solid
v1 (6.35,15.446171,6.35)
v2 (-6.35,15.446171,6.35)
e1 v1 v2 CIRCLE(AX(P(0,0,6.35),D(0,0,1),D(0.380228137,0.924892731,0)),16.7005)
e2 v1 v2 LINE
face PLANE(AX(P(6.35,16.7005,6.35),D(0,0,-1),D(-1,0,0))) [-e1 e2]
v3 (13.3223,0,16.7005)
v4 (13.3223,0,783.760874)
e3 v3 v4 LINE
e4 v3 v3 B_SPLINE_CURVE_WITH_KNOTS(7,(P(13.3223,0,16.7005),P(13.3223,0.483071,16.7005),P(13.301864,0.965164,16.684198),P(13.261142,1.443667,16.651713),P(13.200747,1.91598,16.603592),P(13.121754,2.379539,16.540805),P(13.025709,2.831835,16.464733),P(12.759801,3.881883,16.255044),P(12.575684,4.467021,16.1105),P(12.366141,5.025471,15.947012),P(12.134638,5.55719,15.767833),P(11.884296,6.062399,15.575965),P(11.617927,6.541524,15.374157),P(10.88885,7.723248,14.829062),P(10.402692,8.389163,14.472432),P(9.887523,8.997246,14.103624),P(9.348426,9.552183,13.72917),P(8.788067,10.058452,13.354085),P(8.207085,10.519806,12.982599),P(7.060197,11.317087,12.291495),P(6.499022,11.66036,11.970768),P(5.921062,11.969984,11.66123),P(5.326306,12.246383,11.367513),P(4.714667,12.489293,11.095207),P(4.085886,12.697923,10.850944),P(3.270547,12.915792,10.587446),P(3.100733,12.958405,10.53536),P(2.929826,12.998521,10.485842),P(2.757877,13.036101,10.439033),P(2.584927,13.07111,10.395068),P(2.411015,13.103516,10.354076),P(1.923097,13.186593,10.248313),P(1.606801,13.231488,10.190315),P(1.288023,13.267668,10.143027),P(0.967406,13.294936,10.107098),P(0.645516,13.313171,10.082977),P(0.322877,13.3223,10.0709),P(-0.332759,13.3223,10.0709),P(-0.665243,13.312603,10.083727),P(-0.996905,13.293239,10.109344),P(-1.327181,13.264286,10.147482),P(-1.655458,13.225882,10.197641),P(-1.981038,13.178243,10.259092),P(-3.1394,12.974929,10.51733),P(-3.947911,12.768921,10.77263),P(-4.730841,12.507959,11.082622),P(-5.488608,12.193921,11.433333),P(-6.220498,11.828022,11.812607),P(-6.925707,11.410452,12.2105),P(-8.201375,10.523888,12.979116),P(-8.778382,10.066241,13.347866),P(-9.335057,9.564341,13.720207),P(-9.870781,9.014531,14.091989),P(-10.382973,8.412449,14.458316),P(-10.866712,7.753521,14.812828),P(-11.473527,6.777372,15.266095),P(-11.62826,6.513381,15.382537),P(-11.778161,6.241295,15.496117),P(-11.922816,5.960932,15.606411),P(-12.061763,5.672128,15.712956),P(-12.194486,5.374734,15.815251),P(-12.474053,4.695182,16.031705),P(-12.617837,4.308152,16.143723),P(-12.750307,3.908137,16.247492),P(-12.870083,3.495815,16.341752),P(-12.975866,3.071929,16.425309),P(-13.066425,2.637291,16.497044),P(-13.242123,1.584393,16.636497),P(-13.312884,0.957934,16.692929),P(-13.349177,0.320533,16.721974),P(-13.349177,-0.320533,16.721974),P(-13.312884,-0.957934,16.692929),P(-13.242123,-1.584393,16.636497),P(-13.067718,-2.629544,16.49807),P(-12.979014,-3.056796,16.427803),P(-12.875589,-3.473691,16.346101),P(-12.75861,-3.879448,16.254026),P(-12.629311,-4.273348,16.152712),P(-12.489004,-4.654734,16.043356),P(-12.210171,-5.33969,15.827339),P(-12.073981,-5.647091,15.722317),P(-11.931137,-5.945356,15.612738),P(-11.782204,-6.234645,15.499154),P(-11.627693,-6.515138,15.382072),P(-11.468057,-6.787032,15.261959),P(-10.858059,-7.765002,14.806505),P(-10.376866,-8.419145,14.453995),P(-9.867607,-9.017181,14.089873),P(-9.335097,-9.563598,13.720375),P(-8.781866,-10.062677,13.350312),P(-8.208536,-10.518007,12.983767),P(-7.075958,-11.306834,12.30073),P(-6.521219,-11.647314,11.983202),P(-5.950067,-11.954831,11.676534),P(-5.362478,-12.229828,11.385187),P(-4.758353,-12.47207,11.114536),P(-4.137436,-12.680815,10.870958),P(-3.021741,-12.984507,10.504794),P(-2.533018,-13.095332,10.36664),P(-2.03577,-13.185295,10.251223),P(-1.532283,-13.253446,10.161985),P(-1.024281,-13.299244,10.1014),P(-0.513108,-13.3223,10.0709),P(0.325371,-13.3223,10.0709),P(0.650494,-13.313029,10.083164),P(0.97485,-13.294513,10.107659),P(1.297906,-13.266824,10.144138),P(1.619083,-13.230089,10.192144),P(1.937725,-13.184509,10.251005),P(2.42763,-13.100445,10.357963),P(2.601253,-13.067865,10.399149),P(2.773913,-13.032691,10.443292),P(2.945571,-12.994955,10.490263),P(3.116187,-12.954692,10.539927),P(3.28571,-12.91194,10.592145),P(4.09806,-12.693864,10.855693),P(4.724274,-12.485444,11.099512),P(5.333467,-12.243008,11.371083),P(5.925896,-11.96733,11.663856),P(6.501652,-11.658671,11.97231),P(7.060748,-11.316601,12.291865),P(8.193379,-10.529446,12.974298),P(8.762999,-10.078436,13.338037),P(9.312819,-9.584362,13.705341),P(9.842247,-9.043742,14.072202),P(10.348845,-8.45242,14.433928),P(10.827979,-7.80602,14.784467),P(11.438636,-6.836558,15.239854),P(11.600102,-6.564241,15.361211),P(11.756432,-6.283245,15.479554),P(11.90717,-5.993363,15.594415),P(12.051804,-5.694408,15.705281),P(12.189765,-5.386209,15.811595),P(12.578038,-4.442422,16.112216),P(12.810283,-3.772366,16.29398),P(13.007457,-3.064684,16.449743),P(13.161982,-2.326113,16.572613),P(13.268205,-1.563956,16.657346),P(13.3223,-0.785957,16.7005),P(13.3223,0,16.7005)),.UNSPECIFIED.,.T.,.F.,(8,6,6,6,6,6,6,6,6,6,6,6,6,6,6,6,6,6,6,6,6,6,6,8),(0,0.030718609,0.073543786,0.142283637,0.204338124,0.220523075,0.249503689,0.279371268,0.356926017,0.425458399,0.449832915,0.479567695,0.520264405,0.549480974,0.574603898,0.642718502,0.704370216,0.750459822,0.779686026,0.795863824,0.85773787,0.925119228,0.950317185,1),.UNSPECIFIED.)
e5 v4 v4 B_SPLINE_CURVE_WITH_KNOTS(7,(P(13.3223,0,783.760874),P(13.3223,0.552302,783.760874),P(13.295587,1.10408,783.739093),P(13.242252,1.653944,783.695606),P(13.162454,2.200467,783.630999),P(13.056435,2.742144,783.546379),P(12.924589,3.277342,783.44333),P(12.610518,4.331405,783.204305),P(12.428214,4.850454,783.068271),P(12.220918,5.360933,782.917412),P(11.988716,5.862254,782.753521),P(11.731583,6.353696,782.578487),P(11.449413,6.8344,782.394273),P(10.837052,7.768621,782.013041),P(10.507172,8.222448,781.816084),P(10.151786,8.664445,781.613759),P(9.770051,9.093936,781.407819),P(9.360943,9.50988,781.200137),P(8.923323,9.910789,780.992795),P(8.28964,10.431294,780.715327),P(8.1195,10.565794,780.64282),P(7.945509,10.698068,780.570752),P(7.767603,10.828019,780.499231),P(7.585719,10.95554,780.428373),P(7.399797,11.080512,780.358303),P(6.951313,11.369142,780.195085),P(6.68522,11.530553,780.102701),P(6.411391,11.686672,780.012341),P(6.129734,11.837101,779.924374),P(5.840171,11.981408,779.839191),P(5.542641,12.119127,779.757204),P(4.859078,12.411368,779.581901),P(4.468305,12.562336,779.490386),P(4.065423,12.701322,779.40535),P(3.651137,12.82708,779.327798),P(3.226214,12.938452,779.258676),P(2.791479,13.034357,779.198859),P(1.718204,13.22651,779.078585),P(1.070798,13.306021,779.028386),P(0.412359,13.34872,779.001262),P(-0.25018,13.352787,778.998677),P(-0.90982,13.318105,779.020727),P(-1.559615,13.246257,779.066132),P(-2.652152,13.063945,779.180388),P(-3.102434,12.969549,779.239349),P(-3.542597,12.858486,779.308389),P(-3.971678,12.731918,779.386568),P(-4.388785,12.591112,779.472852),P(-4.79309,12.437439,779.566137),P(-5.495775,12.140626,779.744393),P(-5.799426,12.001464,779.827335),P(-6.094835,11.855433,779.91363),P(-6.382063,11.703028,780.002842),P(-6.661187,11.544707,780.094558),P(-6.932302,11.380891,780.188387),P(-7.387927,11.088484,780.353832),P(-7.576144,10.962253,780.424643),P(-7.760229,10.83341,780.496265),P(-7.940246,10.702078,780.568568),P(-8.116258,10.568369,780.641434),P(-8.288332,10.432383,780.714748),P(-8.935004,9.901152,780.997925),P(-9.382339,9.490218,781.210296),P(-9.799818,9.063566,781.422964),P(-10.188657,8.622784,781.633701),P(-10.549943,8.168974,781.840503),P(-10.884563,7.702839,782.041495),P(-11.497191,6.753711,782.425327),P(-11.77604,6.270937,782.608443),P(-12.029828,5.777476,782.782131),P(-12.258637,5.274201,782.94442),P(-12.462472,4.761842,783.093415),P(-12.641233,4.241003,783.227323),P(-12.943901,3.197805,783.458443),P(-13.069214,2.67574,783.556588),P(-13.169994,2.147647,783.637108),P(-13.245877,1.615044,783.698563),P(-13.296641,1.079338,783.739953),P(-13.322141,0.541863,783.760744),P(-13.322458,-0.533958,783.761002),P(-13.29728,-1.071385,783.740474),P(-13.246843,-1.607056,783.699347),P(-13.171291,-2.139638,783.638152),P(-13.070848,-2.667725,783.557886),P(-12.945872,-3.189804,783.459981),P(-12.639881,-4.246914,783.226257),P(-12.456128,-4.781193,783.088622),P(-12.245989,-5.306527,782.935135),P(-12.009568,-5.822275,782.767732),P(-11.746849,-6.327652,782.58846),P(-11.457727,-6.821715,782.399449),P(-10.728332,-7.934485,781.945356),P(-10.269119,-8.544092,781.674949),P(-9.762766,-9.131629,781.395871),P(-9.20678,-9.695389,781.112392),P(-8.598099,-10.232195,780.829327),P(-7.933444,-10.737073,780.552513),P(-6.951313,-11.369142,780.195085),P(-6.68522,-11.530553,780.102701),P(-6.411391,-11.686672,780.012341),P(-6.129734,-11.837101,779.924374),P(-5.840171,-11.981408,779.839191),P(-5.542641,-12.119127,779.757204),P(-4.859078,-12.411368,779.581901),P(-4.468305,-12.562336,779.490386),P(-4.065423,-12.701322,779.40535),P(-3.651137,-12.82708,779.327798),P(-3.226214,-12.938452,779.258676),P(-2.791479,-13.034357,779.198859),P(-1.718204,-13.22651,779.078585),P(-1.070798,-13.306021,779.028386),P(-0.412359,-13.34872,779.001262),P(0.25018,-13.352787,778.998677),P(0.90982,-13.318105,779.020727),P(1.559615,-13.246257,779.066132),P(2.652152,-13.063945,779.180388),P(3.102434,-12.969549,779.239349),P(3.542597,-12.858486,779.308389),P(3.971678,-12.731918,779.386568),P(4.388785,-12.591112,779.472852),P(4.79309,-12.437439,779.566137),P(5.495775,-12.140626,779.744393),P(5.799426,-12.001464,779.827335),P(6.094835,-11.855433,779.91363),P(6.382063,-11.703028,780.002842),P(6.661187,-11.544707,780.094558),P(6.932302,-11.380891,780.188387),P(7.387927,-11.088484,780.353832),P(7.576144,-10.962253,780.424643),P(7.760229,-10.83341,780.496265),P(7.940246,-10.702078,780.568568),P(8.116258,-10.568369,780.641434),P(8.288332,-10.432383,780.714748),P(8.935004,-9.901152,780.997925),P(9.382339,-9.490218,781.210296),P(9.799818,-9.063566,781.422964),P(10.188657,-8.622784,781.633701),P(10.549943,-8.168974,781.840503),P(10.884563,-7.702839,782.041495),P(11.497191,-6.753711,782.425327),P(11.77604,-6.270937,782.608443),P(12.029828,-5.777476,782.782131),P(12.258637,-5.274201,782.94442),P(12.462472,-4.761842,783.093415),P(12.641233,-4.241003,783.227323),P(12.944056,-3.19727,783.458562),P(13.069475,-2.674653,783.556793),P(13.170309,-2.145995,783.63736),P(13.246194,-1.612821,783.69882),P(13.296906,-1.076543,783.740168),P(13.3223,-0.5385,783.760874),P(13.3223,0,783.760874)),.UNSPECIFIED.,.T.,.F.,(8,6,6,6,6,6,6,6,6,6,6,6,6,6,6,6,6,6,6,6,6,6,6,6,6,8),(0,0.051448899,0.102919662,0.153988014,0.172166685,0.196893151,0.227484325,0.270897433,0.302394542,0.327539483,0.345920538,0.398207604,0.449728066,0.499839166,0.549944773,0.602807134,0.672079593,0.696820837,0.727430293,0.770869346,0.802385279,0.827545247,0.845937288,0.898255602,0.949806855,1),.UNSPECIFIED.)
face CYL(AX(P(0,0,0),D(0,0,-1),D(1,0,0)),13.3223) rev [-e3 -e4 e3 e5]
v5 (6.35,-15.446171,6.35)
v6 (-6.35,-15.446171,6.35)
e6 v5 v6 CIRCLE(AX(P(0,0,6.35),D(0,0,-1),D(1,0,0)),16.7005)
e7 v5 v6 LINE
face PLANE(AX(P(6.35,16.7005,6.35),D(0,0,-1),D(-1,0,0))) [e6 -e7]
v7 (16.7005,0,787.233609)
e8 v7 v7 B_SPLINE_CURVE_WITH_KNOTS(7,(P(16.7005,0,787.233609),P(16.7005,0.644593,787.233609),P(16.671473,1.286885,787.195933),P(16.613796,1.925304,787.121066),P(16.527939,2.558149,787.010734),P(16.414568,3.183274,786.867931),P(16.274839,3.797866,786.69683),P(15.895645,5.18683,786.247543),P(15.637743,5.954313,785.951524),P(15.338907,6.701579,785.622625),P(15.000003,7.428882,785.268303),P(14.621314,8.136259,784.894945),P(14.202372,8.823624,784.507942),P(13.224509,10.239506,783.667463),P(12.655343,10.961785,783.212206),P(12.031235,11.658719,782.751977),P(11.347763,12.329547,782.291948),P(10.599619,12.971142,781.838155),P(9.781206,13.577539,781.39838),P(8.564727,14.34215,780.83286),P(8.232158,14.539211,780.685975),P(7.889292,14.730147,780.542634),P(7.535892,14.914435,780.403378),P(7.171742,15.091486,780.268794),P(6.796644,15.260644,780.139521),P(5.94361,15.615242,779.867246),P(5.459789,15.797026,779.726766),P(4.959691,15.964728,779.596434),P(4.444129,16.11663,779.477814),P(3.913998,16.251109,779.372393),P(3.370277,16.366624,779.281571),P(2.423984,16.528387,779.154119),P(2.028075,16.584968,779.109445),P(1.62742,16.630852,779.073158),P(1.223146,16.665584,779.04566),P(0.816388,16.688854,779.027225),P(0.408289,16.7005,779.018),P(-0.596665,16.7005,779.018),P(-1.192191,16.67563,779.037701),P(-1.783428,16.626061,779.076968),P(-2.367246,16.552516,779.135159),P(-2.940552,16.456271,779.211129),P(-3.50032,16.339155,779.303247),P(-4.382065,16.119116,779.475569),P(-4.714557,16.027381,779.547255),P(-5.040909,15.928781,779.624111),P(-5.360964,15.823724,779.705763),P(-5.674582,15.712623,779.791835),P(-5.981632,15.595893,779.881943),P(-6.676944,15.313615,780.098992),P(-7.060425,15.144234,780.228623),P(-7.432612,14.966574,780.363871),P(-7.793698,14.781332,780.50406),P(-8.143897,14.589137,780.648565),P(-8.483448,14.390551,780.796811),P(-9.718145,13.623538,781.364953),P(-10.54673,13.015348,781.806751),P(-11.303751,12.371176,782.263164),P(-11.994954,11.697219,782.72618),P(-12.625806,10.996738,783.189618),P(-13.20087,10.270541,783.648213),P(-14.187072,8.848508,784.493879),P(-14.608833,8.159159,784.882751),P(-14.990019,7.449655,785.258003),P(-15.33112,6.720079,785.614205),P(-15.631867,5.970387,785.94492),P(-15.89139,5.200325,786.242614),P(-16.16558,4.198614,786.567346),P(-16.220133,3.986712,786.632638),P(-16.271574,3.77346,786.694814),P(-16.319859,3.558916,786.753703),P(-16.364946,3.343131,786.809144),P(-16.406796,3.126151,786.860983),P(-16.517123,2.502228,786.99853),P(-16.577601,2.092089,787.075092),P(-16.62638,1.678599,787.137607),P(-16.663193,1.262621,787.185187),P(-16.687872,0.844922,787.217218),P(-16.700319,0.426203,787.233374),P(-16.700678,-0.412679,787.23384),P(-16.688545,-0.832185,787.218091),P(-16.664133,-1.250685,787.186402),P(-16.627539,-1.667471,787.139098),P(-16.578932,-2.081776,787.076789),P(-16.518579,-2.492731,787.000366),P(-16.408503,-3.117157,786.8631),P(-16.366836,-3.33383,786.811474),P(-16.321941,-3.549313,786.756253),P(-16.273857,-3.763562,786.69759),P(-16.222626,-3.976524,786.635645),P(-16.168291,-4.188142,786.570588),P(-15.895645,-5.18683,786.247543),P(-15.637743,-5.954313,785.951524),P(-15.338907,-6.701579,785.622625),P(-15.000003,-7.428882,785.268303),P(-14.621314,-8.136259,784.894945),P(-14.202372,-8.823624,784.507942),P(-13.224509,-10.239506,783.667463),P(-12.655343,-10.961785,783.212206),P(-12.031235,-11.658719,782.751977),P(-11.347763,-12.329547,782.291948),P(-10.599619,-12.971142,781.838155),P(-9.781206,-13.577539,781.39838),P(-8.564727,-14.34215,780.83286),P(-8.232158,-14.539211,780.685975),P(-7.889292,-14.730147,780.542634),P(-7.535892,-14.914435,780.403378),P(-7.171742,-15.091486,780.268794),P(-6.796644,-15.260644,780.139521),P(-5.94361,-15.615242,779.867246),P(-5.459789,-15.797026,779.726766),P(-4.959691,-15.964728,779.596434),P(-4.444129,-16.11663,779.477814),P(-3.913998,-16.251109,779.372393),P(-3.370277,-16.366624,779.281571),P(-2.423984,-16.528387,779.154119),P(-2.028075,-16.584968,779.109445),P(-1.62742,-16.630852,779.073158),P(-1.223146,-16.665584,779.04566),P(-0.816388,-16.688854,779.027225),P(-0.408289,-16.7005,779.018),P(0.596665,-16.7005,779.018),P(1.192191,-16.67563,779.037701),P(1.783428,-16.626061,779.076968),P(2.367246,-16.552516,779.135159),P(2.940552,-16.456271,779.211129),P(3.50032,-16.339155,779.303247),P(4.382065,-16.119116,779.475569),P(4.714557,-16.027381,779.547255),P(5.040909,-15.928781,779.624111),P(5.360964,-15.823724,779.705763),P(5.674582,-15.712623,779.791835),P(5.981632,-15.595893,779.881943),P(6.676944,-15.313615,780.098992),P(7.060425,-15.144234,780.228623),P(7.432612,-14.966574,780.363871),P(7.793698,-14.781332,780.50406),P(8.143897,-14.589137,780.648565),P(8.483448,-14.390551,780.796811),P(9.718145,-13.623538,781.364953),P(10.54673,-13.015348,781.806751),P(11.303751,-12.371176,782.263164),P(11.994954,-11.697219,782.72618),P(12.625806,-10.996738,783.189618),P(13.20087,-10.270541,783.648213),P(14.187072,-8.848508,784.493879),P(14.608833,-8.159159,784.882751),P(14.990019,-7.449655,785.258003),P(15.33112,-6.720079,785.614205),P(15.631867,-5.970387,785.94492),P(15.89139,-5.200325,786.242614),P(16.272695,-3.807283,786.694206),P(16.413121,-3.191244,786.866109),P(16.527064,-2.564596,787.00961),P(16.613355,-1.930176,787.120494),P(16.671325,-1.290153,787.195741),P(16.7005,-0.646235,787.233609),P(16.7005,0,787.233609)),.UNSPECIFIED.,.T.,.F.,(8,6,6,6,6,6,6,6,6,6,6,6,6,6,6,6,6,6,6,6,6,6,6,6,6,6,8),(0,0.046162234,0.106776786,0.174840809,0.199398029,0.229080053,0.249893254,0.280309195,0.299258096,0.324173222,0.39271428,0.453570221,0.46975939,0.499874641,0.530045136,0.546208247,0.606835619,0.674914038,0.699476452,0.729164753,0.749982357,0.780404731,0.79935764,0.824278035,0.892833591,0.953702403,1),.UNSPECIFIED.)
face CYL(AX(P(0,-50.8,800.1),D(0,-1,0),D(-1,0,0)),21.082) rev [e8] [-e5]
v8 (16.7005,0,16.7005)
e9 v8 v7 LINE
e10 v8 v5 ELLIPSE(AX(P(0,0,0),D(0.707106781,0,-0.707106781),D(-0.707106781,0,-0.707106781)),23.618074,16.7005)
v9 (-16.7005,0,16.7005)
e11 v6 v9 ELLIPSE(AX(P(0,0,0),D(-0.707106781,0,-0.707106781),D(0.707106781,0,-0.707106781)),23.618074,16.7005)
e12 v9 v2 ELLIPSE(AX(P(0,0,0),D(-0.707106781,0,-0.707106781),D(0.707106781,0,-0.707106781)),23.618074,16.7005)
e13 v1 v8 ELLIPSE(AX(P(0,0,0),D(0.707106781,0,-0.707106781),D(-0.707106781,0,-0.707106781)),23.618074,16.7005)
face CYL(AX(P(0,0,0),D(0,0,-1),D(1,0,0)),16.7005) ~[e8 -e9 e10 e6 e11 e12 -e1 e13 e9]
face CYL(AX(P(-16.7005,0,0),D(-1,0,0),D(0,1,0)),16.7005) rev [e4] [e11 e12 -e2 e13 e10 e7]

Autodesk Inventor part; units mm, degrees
ref_plane "Start plane" through (0, 0, 0) normal (0, 0, 1) x (1, 0, 0)
ref_plane "End plane" through (0, 0, 800.1) normal (0, 0, 1) x (1, 0, 0)
sketch "Sketch" plane through (0, 0, 0) normal (0, 0, 1) x (1, 0, 0)
  circle A0 centre (0, 0) radius 13.3223
  circle A1 centre (0, 0) radius 16.7005
  dimension "d0" = 33.401
  dimension "d1" = 3.3782
extrude "Body" add sketch "Sketch" along normal up to surface (800.1 mm away) from surface at 0
sketch "Sketch3" plane through (0, 0, 0) normal (0, 0, 1) x (1, 0, 0)
  line L0 (0, 0) -> (10, 0)
ref_plane "Work Plane3" through (0, 0, 0) normal (0, -1, 0) x (1, 0, 0)
sketch "Sketch4" plane through (0, 0, 0) normal (0, -1, 0) x (1, 0, 0)
  line L0 (-2, 0) -> (12, 0)
  line L1 (-2, 800.1) -> (12, 800.1)
  dimension "d7" = 800.1
ref_plane "Work Plane4" through (0, -50.8, 800.1) normal (0, 1, 0) x (-1, 0, 0)
ref_plane "Work Plane5" through (0, 50.8, 800.1) normal (0, 1, 0) x (-1, 0, 0)
ref_plane "Work Plane6" through (0, 0, 800.1) normal (0, 1, 0) x (-1, 0, 0)
sketch "Sketch5" plane through (0, 0, 800.1) normal (0, 1, 0) x (-1, 0, 0)
  circle A0 centre (0, 0) radius 21.082
  circle A1 centre (0, 0) radius 17.526
extrude "Extrusion2" cut sketch "Sketch5" along normal up to surface (101.6 mm away) from surface at -50.8 contours A0 | A1
ref_plane "Work Plane7" through (-16.7005, 0, 0) normal (1, 0, 0) x (0, 1, 0)
sketch "Sketch6" plane through (-16.7005, 0, 0) normal (1, 0, 0) x (0, 1, 0)
  line L0 (-16.7005, 0) -> (16.7005, 0) projected
  arc A0 (16.7005, 0) -> (-16.7005, 0) centre (0, 0) ccw
  dimension "d15" = 16.7005
extrude "Extrusion3" cut sketch "Sketch6" along normal blind 38.1
ref_plane "Work Plane8" through (0, 16.7005, 0) normal (0, 1, 0) x (-1, 0, 0)
sketch "Sketch7" plane through (0, 16.7005, 0) normal (0, 1, 0) x (-1, 0, 0)
  line L0 (0, 0) -> (-16.7005, 16.7005) projected
  line L1 (16.7005, 16.7005) -> (0, 0) projected
  line L2 (-6.35, 6.35) -> (6.35, 6.35)
  dimension "d12" = 6.35
extrude "Extrusion4" cut sketch "Sketch7" against normal through all
equation "\"d0\" = G_H"
equation "\"d1\" = G_T"
equation "\"d2\" = G_L"
equation "\"G_H\" = 33.401"
equation "\"G_T\" = 3.3782"
equation "\"G_L\" = d7"
equation "\"G_OFFSET_START\" = 0"
equation "\"G_OFFSET_END\" = 0"
equation "\"d5\" = G_OFFSET_END + B_L"
equation "\"B_L\" = 800.1"
properties part number "ANSI - 1 x 0.133 - 31.5" material "Aluminum 6061"
